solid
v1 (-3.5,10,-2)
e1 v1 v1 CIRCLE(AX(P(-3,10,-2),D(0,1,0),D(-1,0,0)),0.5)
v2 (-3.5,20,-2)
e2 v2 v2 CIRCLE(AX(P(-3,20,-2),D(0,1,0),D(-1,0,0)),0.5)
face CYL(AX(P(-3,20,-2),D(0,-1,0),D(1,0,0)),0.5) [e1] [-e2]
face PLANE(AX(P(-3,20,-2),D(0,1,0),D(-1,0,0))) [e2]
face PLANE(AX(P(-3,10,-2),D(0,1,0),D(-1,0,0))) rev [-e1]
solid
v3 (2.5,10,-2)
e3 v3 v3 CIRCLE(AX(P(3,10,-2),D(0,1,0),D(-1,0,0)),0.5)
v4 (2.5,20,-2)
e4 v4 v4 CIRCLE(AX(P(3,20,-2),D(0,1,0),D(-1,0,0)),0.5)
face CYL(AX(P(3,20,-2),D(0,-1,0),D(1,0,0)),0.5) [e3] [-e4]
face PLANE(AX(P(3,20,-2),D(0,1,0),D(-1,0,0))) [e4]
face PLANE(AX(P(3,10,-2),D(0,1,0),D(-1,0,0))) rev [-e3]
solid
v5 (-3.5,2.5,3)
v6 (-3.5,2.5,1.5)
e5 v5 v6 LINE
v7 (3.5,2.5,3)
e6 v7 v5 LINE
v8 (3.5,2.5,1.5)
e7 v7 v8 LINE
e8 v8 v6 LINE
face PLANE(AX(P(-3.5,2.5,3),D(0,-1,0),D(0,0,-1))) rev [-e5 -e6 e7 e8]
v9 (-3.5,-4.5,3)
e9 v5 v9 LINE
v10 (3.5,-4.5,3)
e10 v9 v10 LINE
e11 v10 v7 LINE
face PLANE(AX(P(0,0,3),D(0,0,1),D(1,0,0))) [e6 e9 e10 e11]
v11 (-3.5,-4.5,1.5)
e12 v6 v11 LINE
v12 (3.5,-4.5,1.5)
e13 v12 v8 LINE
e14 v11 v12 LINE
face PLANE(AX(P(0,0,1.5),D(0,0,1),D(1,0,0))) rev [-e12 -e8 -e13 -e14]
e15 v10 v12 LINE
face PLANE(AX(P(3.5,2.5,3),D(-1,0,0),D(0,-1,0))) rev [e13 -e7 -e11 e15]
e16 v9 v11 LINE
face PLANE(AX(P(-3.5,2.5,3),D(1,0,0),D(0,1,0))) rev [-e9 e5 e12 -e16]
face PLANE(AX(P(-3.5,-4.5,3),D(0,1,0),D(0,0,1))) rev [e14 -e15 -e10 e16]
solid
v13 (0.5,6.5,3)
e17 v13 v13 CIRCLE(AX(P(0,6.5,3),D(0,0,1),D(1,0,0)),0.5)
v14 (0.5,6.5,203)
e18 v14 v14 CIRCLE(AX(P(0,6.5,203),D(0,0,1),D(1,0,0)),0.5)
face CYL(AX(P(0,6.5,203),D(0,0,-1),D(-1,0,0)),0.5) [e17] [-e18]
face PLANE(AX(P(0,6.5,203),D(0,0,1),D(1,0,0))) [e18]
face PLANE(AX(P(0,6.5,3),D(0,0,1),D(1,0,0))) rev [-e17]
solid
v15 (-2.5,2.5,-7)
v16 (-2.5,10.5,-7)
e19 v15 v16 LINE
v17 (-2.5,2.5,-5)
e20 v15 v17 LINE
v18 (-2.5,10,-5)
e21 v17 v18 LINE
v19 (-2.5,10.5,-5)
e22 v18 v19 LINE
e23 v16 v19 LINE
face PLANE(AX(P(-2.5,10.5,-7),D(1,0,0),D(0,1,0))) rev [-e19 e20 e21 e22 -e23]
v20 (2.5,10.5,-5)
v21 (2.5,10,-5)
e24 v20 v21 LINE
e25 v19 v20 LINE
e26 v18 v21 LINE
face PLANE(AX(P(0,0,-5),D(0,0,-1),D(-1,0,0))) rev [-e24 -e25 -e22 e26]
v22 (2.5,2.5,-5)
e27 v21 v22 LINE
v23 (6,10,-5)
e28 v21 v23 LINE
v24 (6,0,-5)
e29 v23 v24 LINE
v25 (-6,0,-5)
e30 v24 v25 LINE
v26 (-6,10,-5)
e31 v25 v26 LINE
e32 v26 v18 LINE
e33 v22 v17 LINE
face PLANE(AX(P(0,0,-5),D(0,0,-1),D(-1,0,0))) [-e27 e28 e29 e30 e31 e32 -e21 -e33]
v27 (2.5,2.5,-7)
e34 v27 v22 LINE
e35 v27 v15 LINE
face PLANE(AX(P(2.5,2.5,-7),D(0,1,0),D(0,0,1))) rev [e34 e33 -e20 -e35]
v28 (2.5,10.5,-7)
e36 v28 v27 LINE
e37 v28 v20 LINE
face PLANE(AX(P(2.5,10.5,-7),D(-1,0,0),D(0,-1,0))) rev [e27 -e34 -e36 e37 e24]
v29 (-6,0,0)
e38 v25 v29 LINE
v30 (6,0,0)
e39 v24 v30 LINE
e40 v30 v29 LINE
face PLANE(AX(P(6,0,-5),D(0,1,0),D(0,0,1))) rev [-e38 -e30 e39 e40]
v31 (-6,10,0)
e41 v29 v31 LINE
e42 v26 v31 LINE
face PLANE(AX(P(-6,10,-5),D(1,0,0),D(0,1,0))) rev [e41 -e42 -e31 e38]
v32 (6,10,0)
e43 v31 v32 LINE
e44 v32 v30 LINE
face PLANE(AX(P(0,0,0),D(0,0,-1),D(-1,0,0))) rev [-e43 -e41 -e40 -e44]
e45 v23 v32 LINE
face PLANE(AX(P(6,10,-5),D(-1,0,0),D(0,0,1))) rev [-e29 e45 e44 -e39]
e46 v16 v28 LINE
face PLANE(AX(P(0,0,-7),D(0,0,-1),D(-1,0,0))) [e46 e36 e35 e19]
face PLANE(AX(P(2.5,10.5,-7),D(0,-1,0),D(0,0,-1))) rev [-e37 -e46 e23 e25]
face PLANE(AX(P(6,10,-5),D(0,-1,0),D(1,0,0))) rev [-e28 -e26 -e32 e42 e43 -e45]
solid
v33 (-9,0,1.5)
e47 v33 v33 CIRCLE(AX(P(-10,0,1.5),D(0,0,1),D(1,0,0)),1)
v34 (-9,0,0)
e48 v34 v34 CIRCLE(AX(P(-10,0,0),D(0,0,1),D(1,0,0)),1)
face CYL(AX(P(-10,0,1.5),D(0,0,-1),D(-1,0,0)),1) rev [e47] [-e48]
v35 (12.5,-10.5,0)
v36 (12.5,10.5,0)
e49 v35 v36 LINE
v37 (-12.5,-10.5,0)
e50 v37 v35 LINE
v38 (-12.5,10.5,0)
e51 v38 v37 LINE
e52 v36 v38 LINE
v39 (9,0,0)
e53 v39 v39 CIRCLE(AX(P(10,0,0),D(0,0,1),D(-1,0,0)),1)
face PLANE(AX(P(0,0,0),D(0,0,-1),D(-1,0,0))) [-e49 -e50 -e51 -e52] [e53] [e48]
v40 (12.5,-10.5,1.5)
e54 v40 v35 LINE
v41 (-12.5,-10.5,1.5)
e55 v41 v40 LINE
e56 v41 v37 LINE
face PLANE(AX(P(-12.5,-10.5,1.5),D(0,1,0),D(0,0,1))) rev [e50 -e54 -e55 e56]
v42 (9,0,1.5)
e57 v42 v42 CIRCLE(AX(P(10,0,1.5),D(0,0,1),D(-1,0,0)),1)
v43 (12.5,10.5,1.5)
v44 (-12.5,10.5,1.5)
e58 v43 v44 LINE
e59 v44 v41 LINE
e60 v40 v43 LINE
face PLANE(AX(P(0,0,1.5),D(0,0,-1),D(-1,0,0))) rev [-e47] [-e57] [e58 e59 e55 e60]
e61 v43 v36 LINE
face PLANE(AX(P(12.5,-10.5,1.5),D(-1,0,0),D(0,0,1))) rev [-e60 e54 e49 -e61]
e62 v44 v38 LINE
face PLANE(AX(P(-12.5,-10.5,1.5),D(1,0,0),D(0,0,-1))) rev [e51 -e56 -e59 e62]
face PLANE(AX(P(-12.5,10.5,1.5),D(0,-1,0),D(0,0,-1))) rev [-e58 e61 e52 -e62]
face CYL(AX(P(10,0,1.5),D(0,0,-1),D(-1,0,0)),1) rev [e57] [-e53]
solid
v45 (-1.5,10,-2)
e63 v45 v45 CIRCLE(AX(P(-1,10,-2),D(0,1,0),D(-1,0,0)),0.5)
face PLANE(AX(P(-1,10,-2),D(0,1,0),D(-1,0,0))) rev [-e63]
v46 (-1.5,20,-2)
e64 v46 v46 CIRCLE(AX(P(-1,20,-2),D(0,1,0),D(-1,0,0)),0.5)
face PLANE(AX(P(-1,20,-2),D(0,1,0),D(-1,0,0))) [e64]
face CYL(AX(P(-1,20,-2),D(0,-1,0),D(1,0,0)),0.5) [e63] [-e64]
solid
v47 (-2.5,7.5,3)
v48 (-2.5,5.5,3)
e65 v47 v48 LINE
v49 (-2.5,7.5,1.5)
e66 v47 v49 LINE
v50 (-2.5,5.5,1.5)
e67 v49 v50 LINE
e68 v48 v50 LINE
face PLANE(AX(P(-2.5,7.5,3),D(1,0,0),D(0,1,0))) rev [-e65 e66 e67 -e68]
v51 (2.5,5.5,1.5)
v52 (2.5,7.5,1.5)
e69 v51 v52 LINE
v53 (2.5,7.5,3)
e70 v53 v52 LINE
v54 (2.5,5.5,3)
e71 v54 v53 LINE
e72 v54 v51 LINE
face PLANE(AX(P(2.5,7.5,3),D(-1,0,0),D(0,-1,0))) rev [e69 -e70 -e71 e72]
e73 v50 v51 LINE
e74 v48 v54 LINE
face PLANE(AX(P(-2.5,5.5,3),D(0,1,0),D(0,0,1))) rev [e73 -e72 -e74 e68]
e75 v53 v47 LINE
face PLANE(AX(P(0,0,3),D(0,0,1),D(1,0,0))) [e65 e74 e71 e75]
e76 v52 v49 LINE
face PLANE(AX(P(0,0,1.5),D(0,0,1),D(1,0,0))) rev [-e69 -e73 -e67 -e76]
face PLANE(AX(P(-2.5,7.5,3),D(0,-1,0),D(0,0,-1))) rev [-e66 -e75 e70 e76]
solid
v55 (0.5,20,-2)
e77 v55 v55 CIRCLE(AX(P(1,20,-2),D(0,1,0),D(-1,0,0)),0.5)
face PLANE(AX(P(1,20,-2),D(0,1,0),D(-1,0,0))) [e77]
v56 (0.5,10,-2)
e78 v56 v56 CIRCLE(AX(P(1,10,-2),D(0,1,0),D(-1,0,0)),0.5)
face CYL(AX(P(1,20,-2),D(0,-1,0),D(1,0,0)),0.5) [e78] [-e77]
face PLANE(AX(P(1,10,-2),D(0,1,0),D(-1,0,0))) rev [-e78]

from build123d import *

# Parameters (mm, degrees)
ESQUISSE1_W          = 25
ESQUISSE1_H          = 21
ESQUISSE1_R          = 1
BOSS_EXTRU_1_DEPTH   = 1.5
ESQUISSE2_W          = 12
ESQUISSE2_H          = 10
BOSS_EXTRU_2_DEPTH   = 5
ESQUISSE3_W          = 5
ESQUISSE3_H          = 2
BOSS_EXTRU_3_DEPTH   = 1.5
ESQUISSE3_W_2        = 7
ESQUISSE3_H_2        = 7
BOSS_EXTRU_3_2_DEPTH = 1.5
ESQUISSE4_W          = 5
ESQUISSE4_H          = 8
BOSS_EXTRU_4_DEPTH   = 2
ESQUISSE5_R          = 0.5
BOSS_EXTRU_5_DEPTH   = 10
BOSS_EXTRU_5_2_DEPTH = 10
BOSS_EXTRU_5_3_DEPTH = 10
BOSS_EXTRU_5_4_DEPTH = 10
ESQUISSE6_R          = 0.5
BOSS_EXTRU_6_DEPTH   = 200


with BuildPart() as part:
    # Esquisse1 → Boss.-Extru.1 (new body)
    with BuildSketch(Plane.XY):
        Rectangle(ESQUISSE1_W, ESQUISSE1_H)
        with Locations((-10, 0)):
            Circle(ESQUISSE1_R, mode=Mode.SUBTRACT)
        with Locations(Location((10, 0, 0), (0, 0, 180))):
            Circle(ESQUISSE1_R, mode=Mode.SUBTRACT)
    extrude(amount=BOSS_EXTRU_1_DEPTH)


with BuildPart() as body_2:
    # Esquisse2 → Boss.-Extru.2 (new body)
    with BuildSketch(Plane(origin=(0, 0, 0), x_dir=(-1, 0, 0), z_dir=(0, 0, -1))):
        with Locations((0, 5)):
            Rectangle(ESQUISSE2_W, ESQUISSE2_H)
    extrude(amount=BOSS_EXTRU_2_DEPTH)

    # Esquisse4 → Boss.-Extru.4 (add)
    with BuildSketch(Plane(origin=(0, 0, -5), x_dir=(-1, 0, 0), z_dir=(0, 0, -1))):
        with Locations((0, 6.5)):
            Rectangle(ESQUISSE4_W, ESQUISSE4_H)
    extrude(amount=BOSS_EXTRU_4_DEPTH)


with BuildPart() as body_3:
    # Esquisse3 → Boss.-Extru.3 (new body)
    with BuildSketch(Plane.XY.offset(1.5)):
        with Locations((0, 6.5)):
            Rectangle(ESQUISSE3_W, ESQUISSE3_H)
    extrude(amount=BOSS_EXTRU_3_DEPTH)


with BuildPart() as body_4:
    # Esquisse3 → Boss.-Extru.3 2 (new body)
    with BuildSketch(Plane.XY.offset(1.5)):
        with Locations((0, -1)):
            Rectangle(ESQUISSE3_W_2, ESQUISSE3_H_2)
    extrude(amount=BOSS_EXTRU_3_2_DEPTH)


with BuildPart() as body_5:
    # Esquisse5 → Boss.-Extru.5 (new body)
    with BuildSketch(Plane(origin=(0, 10, 0), x_dir=(1, 0, 0), z_dir=(0, 1, 0))):
        with Locations(Location((-3, 2, 0), (0, 0, 180))):
            Circle(ESQUISSE5_R)
    extrude(amount=BOSS_EXTRU_5_DEPTH)


with BuildPart() as body_6:
    # Esquisse5 → Boss.-Extru.5 2 (new body)
    with BuildSketch(Plane(origin=(0, 10, 0), x_dir=(1, 0, 0), z_dir=(0, 1, 0))):
        with Locations(Location((-1, 2, 0), (0, 0, 180))):
            Circle(ESQUISSE5_R)
    extrude(amount=BOSS_EXTRU_5_2_DEPTH)


with BuildPart() as body_7:
    # Esquisse5 → Boss.-Extru.5 3 (new body)
    with BuildSketch(Plane(origin=(0, 10, 0), x_dir=(1, 0, 0), z_dir=(0, 1, 0))):
        with Locations(Location((1, 2, 0), (0, 0, 180))):
            Circle(ESQUISSE5_R)
    extrude(amount=BOSS_EXTRU_5_3_DEPTH)


with BuildPart() as body_8:
    # Esquisse5 → Boss.-Extru.5 4 (new body)
    with BuildSketch(Plane(origin=(0, 10, 0), x_dir=(1, 0, 0), z_dir=(0, 1, 0))):
        with Locations(Location((3, 2, 0), (0, 0, 180))):
            Circle(ESQUISSE5_R)
    extrude(amount=BOSS_EXTRU_5_4_DEPTH)


with BuildPart() as body_9:
    # Esquisse6 → Boss.-Extru.6 (new body)
    with BuildSketch(Plane.XY.offset(3)):
        with Locations((0, 6.5)):
            Circle(ESQUISSE6_R)
    extrude(amount=BOSS_EXTRU_6_DEPTH)


solid = Compound([part.part, body_2.part, body_3.part, body_4.part, body_5.part, body_6.part, body_7.part, body_8.part, body_9.part])
